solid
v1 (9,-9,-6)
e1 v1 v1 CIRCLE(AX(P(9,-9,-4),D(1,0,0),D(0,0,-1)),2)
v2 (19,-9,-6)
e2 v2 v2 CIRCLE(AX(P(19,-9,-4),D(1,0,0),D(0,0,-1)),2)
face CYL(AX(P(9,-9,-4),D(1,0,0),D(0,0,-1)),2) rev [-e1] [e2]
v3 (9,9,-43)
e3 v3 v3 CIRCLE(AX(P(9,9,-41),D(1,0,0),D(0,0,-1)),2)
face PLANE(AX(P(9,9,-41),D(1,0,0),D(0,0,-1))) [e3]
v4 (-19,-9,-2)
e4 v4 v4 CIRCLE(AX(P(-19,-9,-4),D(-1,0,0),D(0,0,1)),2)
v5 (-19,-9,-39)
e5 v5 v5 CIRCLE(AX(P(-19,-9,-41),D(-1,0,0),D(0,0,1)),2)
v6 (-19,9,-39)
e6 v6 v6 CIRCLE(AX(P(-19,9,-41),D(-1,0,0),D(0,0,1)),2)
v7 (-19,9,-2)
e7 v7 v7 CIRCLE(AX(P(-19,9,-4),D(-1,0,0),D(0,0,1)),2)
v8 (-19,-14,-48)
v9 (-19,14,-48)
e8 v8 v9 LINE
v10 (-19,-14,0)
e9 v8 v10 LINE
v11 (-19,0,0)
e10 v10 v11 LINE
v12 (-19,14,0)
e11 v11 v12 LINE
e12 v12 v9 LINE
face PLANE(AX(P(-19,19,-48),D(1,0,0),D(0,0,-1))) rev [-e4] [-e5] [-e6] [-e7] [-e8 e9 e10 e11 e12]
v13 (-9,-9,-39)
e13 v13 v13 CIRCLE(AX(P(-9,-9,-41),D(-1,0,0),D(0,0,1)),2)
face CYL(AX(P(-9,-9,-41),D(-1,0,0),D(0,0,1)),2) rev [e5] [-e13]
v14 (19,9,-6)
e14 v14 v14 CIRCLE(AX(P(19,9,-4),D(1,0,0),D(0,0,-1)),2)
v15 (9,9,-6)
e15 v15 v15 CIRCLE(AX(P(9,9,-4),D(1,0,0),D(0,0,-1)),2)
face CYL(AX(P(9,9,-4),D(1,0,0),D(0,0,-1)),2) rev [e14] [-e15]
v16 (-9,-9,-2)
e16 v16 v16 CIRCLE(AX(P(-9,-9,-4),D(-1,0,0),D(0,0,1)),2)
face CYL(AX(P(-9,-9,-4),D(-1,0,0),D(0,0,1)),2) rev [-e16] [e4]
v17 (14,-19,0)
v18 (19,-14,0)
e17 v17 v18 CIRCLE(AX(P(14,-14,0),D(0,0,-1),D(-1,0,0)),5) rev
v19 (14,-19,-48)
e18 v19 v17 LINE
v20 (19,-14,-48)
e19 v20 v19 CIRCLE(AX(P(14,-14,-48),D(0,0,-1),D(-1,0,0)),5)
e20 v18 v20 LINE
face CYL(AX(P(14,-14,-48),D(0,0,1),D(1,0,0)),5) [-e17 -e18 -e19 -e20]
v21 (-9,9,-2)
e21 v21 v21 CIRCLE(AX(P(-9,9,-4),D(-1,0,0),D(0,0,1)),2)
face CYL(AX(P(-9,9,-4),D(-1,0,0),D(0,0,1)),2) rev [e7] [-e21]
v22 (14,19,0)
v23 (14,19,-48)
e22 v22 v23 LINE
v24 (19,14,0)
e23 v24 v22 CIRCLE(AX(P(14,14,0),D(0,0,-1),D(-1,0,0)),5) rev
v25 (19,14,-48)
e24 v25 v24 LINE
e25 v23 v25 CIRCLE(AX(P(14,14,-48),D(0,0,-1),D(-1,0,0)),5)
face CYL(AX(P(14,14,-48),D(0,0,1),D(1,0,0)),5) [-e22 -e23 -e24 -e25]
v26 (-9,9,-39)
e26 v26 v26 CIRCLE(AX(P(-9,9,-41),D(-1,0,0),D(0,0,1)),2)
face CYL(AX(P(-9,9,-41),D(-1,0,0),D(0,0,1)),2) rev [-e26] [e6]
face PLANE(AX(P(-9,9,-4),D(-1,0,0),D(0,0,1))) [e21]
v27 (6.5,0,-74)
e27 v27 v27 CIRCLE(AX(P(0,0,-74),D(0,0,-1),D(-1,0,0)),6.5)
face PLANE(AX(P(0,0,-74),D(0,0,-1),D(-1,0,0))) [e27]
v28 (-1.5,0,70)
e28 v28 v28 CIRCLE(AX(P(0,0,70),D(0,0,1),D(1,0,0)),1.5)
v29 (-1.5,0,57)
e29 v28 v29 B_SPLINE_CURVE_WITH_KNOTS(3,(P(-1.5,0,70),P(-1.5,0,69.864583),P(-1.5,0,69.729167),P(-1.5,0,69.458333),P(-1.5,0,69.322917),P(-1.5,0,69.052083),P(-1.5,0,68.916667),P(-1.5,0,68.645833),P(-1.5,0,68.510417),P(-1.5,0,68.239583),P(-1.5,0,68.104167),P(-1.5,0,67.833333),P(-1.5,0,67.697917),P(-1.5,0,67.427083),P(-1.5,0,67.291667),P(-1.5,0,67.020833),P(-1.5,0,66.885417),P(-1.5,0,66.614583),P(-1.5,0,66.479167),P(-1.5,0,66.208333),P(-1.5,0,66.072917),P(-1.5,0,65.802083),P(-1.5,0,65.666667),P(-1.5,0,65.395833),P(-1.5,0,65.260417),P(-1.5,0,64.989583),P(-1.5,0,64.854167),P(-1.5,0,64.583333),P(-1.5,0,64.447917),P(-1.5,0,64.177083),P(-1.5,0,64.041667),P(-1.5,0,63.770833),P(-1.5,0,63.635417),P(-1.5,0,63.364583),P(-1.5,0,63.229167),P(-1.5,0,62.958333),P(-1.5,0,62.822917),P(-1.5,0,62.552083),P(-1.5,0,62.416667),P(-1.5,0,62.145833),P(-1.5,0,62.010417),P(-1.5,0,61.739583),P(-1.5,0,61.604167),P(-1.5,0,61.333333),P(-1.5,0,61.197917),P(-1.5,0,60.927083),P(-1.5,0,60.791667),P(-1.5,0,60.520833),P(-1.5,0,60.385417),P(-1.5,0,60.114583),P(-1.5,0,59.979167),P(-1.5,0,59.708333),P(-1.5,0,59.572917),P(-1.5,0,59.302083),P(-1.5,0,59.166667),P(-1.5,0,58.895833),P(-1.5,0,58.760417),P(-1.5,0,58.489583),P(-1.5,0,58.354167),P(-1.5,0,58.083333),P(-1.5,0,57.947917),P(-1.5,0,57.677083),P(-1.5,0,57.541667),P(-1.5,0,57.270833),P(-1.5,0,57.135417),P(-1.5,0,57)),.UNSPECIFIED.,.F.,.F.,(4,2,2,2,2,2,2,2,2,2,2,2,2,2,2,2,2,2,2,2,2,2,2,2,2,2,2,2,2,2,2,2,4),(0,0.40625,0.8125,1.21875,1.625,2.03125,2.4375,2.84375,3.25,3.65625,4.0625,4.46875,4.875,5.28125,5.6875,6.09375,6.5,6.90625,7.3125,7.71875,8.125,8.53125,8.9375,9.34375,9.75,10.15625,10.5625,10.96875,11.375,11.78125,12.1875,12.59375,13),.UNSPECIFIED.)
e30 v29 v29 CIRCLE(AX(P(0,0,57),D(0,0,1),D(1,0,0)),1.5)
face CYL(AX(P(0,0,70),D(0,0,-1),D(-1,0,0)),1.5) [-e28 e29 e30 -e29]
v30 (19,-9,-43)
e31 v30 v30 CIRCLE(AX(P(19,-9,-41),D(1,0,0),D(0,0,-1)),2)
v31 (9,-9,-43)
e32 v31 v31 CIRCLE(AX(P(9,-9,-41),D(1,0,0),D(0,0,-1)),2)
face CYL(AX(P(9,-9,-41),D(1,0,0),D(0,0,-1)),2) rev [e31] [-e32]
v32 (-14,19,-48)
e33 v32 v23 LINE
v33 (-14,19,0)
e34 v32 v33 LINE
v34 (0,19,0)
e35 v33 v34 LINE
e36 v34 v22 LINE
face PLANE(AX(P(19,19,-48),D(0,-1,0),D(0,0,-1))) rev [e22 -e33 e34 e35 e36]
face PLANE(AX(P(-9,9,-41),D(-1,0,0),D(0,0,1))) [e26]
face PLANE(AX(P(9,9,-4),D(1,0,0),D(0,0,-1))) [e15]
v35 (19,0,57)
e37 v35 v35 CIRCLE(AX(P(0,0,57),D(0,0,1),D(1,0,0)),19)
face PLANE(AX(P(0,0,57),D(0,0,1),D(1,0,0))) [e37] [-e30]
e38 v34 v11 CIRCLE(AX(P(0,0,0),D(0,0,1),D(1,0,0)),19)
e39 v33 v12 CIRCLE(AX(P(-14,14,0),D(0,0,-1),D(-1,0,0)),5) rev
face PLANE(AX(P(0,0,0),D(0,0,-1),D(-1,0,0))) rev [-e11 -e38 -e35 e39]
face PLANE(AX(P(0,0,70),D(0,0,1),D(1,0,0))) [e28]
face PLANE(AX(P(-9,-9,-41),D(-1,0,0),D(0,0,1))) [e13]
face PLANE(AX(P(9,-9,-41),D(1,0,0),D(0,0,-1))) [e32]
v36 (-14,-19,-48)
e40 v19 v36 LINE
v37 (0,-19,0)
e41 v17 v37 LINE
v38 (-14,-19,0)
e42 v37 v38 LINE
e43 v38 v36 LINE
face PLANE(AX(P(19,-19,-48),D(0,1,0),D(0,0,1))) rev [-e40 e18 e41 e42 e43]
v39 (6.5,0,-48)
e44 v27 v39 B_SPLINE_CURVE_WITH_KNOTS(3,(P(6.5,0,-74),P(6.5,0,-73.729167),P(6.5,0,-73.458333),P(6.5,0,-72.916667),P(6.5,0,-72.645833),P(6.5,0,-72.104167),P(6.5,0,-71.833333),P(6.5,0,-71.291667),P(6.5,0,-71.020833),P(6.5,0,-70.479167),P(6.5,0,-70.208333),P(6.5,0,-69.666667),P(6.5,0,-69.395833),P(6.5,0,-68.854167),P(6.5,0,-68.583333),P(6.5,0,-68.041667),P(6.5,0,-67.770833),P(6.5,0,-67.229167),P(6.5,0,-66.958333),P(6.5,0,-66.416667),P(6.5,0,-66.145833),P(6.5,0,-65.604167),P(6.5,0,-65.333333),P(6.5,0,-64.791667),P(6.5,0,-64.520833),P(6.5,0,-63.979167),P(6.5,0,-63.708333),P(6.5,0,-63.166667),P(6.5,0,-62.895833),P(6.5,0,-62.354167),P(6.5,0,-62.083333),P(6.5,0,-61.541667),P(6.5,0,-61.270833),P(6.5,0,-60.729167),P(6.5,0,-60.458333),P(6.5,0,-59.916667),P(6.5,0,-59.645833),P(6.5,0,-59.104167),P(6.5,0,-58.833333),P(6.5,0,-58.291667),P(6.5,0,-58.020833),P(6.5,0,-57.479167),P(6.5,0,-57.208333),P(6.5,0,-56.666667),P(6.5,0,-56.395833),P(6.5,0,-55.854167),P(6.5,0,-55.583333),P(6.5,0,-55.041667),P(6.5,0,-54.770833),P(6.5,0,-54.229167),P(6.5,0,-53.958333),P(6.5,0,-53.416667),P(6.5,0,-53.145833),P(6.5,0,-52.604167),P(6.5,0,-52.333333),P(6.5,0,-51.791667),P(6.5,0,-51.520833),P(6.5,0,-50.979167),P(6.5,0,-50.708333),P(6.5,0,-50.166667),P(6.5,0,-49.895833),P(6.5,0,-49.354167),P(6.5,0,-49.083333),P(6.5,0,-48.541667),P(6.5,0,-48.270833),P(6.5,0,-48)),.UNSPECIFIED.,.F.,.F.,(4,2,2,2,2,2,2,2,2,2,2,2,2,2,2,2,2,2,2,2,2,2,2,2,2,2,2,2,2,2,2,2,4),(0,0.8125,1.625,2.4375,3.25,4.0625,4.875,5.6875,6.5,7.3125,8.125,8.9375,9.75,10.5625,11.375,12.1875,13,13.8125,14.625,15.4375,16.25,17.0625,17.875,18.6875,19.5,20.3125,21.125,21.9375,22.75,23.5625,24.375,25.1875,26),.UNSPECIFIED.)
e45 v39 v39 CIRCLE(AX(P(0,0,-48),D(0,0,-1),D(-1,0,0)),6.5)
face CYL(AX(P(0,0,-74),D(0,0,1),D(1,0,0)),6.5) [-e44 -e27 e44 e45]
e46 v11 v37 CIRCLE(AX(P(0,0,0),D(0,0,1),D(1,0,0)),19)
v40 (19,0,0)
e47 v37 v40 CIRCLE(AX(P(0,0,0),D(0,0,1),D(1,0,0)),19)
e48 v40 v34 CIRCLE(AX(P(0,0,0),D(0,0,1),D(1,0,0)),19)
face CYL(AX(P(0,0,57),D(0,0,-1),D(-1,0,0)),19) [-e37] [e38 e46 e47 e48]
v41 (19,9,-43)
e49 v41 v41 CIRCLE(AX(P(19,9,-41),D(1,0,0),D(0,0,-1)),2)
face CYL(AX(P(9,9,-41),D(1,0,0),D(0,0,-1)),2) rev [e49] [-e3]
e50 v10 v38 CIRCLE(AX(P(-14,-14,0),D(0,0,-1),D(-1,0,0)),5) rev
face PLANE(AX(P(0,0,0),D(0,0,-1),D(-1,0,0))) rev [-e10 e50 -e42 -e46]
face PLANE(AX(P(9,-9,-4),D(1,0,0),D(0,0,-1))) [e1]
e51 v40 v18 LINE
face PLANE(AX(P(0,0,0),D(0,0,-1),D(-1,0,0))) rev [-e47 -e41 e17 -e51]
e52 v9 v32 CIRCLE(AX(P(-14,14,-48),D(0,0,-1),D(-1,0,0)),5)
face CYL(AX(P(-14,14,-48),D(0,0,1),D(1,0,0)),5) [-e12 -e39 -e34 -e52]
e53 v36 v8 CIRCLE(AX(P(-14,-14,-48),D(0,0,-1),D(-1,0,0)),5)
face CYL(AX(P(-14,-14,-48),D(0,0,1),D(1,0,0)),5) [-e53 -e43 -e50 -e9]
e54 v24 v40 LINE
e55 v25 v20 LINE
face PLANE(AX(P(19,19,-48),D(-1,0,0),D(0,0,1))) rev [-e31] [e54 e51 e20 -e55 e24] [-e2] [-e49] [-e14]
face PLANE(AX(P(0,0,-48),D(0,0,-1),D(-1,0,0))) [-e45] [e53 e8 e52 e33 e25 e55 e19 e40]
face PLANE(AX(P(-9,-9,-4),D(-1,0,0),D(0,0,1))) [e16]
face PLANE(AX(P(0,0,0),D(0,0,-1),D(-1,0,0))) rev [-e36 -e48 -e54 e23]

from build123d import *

# Parameters (mm, degrees)
SKETCH1_R           = 19
BOSS_EXTRUDE1_DEPTH = 57
SKETCH3_W           = 38
SKETCH3_H           = 38
BOSS_EXTRUDE3_DEPTH = 48
SKETCH4_R           = 6.5
BOSS_EXTRUDE4_DEPTH = 26
SKETCH5_R           = 1.5
BOSS_EXTRUDE5_DEPTH = 13
FILLET1_R           = 5
SKETCH6_R           = 2
CUT_EXTRUDE1_DEPTH  = 10
CUT_EXTRUDE2_START  = -10
SKETCH7_R           = 2
CUT_EXTRUDE2_DEPTH  = 10


with BuildPart() as part:
    # Sketch1 → Boss-Extrude1 (new body)
    with BuildSketch(Plane.XY):
        with Locations(Location((0, 0, 0), (0, 0, 180))):
            Circle(SKETCH1_R)
    extrude(amount=BOSS_EXTRUDE1_DEPTH)

    # Sketch3 → Boss-Extrude3 (add)
    with BuildSketch(Plane(origin=(0, 0, 0), x_dir=(-1, 0, 0), z_dir=(0, 0, -1))):
        Rectangle(SKETCH3_W, SKETCH3_H)
    extrude(amount=BOSS_EXTRUDE3_DEPTH)

    # Sketch4 → Boss-Extrude4 (add)
    with BuildSketch(Plane(origin=(0, 0, -48), x_dir=(-1, 0, 0), z_dir=(0, 0, -1))):
        with Locations(Location((0, 0, 0), (0, 0, 180))):
            Circle(SKETCH4_R)
    extrude(amount=BOSS_EXTRUDE4_DEPTH)

    # Sketch5 → Boss-Extrude5 (add)
    with BuildSketch(Plane.XY.offset(57)):
        with Locations(Location((0, 0, 0), (0, 0, 180))):
            Circle(SKETCH5_R)
    extrude(amount=BOSS_EXTRUDE5_DEPTH)

    # Fillet1
    fillet1_edges = [part.edges().sort_by_distance(p)[0] for p in [
        (-19, -19, -24),
        (-19, 19, -24),
        (19, 19, -24),
        (19, -19, -24),
    ]]
    fillet(fillet1_edges, radius=FILLET1_R)

    # Sketch6 → Cut-Extrude1 (cut)
    with BuildSketch(Plane.ZY.offset(19)):
        with Locations((-4, 9)):
            Circle(SKETCH6_R)
        with Locations((-4, -9)):
            Circle(SKETCH6_R)
        with Locations((-41, -9)):
            Circle(SKETCH6_R)
        with Locations((-41, 9)):
            Circle(SKETCH6_R)
    extrude(amount=-CUT_EXTRUDE1_DEPTH, mode=Mode.SUBTRACT)

    # Sketch7 → Cut-Extrude2 (cut)
    with BuildSketch(Plane(origin=(19, 0, 0), x_dir=(0, 0, -1), z_dir=(1, 0, 0)).offset(CUT_EXTRUDE2_START)):
        with Locations(Location((41, 9, 0), (0, 0, 180))):
            Circle(SKETCH7_R)
        with Locations(Location((41, -9, 0), (0, 0, 180))):
            Circle(SKETCH7_R)
        with Locations(Location((4, -9, 0), (0, 0, 180))):
            Circle(SKETCH7_R)
        with Locations(Location((4, 9, 0), (0, 0, 180))):
            Circle(SKETCH7_R)
    extrude(amount=CUT_EXTRUDE2_DEPTH, mode=Mode.SUBTRACT)


solid = part.part
